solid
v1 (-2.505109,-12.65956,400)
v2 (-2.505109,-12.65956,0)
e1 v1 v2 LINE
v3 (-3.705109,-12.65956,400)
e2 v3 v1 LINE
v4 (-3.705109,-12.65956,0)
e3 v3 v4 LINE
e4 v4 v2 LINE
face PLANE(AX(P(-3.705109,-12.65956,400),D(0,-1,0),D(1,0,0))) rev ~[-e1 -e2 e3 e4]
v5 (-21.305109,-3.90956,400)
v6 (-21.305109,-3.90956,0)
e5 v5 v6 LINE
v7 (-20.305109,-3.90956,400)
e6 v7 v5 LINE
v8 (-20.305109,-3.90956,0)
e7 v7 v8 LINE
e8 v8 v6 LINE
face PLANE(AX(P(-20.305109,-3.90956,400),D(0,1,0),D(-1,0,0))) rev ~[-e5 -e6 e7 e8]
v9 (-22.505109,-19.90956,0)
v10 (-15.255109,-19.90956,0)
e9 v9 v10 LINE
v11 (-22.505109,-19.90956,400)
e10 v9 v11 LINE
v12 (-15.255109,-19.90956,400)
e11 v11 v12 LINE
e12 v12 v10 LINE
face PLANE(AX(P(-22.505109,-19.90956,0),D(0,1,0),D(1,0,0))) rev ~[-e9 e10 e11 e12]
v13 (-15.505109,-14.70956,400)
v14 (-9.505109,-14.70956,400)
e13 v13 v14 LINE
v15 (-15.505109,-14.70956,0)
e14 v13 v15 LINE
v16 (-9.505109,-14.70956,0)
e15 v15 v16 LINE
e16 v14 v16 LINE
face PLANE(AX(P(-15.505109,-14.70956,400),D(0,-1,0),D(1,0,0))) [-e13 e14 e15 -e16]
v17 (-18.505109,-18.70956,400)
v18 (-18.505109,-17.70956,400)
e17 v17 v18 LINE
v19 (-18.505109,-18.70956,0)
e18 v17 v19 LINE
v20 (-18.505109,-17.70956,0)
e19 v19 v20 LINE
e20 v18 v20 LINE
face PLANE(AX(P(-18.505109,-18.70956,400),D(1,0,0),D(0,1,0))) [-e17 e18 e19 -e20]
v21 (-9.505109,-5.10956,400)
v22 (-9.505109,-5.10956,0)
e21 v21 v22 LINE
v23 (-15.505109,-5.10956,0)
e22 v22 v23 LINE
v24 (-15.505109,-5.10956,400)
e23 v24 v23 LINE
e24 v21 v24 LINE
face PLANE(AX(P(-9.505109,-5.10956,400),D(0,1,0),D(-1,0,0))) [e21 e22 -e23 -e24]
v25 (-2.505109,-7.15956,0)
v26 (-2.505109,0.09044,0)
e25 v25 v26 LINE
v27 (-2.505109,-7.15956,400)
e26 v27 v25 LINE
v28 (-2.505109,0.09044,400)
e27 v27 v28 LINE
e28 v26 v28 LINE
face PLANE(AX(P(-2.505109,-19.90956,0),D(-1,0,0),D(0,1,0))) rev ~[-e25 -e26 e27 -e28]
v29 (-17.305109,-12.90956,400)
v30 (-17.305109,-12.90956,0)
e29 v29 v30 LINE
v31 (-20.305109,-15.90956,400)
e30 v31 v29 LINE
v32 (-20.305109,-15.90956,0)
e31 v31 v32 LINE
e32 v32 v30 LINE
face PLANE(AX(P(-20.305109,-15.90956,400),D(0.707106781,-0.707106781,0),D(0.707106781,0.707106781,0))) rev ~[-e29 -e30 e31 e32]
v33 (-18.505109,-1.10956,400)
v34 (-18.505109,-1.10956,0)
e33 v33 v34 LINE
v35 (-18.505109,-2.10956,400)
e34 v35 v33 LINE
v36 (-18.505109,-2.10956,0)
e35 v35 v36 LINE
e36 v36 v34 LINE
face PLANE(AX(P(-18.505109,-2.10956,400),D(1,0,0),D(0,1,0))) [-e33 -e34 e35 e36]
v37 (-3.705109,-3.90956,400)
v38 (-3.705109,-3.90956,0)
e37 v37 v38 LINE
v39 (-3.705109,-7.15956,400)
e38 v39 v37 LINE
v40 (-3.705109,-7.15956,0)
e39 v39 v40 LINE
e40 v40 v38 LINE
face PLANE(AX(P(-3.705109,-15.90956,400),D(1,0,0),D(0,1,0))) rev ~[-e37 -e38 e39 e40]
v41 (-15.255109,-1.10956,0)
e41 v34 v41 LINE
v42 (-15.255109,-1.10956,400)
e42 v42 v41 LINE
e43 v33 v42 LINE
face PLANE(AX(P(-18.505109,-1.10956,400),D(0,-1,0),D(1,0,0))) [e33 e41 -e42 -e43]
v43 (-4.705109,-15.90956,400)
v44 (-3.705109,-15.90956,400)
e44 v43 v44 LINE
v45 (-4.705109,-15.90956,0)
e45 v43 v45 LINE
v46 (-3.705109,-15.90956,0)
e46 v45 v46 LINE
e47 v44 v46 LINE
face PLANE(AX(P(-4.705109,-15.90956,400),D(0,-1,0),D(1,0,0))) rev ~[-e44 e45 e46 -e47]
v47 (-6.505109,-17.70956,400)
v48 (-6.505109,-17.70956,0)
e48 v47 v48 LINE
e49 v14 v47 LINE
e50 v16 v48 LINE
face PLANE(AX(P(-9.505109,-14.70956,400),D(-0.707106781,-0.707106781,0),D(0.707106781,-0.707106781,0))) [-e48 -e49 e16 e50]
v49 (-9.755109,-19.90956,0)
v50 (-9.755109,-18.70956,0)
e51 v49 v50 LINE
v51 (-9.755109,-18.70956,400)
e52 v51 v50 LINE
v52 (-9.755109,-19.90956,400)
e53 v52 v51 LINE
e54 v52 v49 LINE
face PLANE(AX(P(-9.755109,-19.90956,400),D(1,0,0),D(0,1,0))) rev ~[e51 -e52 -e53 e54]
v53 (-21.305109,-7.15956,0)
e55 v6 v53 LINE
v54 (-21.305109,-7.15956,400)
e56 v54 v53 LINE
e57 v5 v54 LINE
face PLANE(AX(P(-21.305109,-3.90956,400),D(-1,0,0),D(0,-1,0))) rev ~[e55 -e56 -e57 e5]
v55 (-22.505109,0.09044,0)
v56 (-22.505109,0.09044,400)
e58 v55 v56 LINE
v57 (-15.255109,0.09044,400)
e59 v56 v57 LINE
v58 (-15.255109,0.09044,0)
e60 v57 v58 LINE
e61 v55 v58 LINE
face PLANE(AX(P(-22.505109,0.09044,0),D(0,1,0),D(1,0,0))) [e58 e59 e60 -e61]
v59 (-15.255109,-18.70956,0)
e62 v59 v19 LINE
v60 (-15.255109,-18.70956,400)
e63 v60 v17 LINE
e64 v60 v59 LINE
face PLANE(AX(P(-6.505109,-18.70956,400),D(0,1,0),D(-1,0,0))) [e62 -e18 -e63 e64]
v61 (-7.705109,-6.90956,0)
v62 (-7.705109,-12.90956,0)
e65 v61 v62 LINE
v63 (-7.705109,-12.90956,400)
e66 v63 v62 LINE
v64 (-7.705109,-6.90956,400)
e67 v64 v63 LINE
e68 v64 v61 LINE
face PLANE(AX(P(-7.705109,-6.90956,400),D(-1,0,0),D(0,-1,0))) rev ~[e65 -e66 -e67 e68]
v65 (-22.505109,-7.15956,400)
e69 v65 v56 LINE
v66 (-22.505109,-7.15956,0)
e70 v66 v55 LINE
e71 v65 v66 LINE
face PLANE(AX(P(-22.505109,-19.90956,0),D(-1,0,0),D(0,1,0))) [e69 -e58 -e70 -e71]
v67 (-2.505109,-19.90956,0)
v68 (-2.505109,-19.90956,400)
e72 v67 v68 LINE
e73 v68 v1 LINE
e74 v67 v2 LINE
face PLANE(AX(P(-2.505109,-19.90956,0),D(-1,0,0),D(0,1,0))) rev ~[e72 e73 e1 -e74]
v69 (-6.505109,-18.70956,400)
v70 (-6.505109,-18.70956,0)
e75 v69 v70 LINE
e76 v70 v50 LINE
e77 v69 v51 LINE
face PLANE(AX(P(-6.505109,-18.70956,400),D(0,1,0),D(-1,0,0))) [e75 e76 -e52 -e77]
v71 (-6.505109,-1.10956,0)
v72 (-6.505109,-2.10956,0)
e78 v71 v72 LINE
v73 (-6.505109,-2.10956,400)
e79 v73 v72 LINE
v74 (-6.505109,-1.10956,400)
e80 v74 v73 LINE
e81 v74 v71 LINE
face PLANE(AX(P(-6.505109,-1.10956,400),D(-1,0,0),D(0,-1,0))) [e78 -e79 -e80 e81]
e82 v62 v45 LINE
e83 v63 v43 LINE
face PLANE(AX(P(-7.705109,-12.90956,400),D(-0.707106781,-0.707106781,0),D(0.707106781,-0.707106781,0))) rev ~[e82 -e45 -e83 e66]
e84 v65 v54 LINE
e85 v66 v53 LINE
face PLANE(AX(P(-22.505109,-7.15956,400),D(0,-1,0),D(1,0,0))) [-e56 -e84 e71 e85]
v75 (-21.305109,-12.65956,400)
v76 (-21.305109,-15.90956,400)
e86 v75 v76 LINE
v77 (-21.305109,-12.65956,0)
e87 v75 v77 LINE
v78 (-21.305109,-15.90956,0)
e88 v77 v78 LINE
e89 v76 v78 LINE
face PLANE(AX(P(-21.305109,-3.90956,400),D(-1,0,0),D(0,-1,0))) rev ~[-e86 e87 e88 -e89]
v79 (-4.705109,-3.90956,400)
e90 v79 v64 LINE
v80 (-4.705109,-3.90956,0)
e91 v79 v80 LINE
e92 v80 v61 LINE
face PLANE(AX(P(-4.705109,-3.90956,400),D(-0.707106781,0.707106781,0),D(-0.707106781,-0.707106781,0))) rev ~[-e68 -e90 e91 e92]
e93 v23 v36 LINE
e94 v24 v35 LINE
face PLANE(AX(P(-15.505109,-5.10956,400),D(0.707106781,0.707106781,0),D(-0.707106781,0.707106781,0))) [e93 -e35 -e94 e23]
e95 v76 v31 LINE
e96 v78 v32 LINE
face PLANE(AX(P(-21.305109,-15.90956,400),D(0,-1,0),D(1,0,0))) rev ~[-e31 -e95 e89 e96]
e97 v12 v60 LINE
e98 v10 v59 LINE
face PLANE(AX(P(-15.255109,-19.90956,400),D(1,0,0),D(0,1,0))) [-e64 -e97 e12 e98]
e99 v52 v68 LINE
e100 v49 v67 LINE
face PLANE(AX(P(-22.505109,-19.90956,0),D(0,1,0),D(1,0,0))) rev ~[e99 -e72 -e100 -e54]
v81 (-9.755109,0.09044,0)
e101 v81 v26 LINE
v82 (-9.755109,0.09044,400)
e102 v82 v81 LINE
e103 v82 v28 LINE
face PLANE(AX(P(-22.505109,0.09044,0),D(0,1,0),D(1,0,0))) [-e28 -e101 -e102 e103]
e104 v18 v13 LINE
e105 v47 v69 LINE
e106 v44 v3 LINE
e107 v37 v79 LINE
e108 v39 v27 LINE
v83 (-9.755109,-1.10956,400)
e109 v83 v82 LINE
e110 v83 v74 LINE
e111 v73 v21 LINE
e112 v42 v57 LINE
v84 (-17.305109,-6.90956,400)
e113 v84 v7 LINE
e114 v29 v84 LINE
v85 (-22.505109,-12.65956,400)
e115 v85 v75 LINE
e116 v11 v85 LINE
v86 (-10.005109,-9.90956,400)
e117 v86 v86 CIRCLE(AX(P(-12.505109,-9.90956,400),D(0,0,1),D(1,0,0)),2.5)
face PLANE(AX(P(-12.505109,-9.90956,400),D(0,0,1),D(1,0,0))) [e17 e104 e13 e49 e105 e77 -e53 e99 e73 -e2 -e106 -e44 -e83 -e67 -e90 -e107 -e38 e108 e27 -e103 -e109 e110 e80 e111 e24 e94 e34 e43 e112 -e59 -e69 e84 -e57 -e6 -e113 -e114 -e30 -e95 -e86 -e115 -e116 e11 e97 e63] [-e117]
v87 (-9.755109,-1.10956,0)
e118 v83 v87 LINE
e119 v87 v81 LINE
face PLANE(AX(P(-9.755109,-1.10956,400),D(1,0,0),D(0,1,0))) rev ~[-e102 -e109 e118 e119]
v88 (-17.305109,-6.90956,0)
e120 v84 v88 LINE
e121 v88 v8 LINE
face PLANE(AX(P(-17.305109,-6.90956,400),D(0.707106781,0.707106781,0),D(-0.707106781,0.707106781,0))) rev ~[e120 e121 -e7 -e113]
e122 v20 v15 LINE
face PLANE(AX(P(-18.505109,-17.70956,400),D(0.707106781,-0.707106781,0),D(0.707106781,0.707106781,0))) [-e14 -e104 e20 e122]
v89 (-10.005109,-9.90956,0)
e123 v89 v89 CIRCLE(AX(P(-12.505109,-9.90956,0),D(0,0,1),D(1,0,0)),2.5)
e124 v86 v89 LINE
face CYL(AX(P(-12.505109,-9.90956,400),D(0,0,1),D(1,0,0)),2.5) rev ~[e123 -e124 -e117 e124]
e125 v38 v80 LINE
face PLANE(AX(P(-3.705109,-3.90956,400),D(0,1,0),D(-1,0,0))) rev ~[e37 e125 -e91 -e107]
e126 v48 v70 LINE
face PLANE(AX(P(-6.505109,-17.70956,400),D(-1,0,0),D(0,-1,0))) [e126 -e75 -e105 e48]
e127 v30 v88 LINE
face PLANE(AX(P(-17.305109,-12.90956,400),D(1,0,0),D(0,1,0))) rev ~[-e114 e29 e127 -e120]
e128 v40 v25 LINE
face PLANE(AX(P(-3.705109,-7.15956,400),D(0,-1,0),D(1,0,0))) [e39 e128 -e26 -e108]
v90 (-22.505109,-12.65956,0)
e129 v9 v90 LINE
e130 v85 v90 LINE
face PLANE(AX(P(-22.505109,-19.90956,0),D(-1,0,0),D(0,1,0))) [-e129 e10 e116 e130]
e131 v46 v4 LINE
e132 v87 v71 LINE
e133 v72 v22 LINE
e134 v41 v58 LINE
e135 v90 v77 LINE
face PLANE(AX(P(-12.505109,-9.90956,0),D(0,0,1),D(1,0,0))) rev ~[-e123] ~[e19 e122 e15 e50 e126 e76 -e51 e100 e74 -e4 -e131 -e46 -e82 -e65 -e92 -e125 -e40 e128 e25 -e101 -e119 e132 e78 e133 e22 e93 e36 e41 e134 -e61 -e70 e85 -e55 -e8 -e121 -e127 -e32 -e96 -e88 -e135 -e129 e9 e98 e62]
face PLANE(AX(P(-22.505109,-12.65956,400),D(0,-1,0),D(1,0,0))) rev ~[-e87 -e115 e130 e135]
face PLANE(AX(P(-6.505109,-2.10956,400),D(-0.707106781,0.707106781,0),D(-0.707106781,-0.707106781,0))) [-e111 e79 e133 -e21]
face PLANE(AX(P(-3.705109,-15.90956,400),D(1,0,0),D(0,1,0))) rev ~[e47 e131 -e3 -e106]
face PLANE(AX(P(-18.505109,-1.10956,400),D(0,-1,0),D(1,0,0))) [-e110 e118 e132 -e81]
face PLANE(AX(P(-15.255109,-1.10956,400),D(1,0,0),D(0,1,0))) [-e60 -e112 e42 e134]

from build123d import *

# Parameters (mm, degrees)
ESQUISSE1_W             = 20
ESQUISSE1_H             = 20
BOSS_EXTRU_1_DEPTH      = 400
ESQUISSE2_W             = 1.2
ESQUISSE2_H             = 5.5
ESQUISSE2_W_2           = 5.5
ESQUISSE2_H_2           = 1.2
ENL_V_MAT_EXTRU_1_DEPTH = 401
ENL_V_MAT_EXTRU_2_DEPTH = 401
ESQUISSE4_R             = 2.5
ENL_V_MAT_EXTRU_3_DEPTH = 401


with BuildPart() as part:
    # Esquisse1 → Boss.-Extru.1 (new body)
    with BuildSketch(Plane.XY):
        with Locations((-12.505109137, -9.909560068)):
            Rectangle(ESQUISSE1_W, ESQUISSE1_H)
    extrude(amount=BOSS_EXTRU_1_DEPTH)

    # Esquisse2 → Enlèv. mat.-Extru.1 (cut, through all)
    with BuildSketch(Plane.XY.offset(400)):
        with Locations((-21.905109137, -9.909560068)):
            Rectangle(ESQUISSE2_W, ESQUISSE2_H)
        with Locations((-12.505109137, -0.509560068)):
            Rectangle(ESQUISSE2_W_2, ESQUISSE2_H_2)
        with Locations((-3.105109137, -9.909560068)):
            Rectangle(ESQUISSE2_W, ESQUISSE2_H)
        with Locations((-12.505109137, -19.309560068)):
            Rectangle(ESQUISSE2_W_2, ESQUISSE2_H_2)
    extrude(amount=-ENL_V_MAT_EXTRU_1_DEPTH, mode=Mode.SUBTRACT)

    # Esquisse3 → Enlèv. mat.-Extru.2 (cut, through all)
    with BuildSketch(Plane.XY.offset(400)):
        Polygon((-21.305109137, -15.909560068), (-20.305109137, -15.909560068), (-17.305109137, -12.909560068), (-17.305109137, -6.909560068), (-20.305109137, -3.909560068), (-21.305109137, -3.909560068), align=None)
        Polygon((-18.505109137, -1.109560068), (-6.505109137, -1.109560068), (-6.505109137, -2.109560068), (-9.505109137, -5.109560068), (-15.505109137, -5.109560068), (-18.505109137, -2.109560068), align=None)
        Polygon((-3.705109137, -3.909560068), (-4.705109137, -3.909560068), (-7.705109137, -6.909560068), (-7.705109137, -12.909560068), (-4.705109137, -15.909560068), (-3.705109137, -15.909560068), align=None)
        Polygon((-6.505109137, -18.709560068), (-18.505109137, -18.709560068), (-18.505109137, -17.709560068), (-15.505109137, -14.709560068), (-9.505109137, -14.709560068), (-6.505109137, -17.709560068), align=None)
    extrude(amount=-ENL_V_MAT_EXTRU_2_DEPTH, mode=Mode.SUBTRACT)

    # Esquisse4 → Enlèv. mat.-Extru.3 (cut, through all)
    with BuildSketch(Plane.XY.offset(400)):
        with Locations((-12.505109137, -9.909560068)):
            Circle(ESQUISSE4_R)
    extrude(amount=-ENL_V_MAT_EXTRU_3_DEPTH, mode=Mode.SUBTRACT)


solid = part.part
